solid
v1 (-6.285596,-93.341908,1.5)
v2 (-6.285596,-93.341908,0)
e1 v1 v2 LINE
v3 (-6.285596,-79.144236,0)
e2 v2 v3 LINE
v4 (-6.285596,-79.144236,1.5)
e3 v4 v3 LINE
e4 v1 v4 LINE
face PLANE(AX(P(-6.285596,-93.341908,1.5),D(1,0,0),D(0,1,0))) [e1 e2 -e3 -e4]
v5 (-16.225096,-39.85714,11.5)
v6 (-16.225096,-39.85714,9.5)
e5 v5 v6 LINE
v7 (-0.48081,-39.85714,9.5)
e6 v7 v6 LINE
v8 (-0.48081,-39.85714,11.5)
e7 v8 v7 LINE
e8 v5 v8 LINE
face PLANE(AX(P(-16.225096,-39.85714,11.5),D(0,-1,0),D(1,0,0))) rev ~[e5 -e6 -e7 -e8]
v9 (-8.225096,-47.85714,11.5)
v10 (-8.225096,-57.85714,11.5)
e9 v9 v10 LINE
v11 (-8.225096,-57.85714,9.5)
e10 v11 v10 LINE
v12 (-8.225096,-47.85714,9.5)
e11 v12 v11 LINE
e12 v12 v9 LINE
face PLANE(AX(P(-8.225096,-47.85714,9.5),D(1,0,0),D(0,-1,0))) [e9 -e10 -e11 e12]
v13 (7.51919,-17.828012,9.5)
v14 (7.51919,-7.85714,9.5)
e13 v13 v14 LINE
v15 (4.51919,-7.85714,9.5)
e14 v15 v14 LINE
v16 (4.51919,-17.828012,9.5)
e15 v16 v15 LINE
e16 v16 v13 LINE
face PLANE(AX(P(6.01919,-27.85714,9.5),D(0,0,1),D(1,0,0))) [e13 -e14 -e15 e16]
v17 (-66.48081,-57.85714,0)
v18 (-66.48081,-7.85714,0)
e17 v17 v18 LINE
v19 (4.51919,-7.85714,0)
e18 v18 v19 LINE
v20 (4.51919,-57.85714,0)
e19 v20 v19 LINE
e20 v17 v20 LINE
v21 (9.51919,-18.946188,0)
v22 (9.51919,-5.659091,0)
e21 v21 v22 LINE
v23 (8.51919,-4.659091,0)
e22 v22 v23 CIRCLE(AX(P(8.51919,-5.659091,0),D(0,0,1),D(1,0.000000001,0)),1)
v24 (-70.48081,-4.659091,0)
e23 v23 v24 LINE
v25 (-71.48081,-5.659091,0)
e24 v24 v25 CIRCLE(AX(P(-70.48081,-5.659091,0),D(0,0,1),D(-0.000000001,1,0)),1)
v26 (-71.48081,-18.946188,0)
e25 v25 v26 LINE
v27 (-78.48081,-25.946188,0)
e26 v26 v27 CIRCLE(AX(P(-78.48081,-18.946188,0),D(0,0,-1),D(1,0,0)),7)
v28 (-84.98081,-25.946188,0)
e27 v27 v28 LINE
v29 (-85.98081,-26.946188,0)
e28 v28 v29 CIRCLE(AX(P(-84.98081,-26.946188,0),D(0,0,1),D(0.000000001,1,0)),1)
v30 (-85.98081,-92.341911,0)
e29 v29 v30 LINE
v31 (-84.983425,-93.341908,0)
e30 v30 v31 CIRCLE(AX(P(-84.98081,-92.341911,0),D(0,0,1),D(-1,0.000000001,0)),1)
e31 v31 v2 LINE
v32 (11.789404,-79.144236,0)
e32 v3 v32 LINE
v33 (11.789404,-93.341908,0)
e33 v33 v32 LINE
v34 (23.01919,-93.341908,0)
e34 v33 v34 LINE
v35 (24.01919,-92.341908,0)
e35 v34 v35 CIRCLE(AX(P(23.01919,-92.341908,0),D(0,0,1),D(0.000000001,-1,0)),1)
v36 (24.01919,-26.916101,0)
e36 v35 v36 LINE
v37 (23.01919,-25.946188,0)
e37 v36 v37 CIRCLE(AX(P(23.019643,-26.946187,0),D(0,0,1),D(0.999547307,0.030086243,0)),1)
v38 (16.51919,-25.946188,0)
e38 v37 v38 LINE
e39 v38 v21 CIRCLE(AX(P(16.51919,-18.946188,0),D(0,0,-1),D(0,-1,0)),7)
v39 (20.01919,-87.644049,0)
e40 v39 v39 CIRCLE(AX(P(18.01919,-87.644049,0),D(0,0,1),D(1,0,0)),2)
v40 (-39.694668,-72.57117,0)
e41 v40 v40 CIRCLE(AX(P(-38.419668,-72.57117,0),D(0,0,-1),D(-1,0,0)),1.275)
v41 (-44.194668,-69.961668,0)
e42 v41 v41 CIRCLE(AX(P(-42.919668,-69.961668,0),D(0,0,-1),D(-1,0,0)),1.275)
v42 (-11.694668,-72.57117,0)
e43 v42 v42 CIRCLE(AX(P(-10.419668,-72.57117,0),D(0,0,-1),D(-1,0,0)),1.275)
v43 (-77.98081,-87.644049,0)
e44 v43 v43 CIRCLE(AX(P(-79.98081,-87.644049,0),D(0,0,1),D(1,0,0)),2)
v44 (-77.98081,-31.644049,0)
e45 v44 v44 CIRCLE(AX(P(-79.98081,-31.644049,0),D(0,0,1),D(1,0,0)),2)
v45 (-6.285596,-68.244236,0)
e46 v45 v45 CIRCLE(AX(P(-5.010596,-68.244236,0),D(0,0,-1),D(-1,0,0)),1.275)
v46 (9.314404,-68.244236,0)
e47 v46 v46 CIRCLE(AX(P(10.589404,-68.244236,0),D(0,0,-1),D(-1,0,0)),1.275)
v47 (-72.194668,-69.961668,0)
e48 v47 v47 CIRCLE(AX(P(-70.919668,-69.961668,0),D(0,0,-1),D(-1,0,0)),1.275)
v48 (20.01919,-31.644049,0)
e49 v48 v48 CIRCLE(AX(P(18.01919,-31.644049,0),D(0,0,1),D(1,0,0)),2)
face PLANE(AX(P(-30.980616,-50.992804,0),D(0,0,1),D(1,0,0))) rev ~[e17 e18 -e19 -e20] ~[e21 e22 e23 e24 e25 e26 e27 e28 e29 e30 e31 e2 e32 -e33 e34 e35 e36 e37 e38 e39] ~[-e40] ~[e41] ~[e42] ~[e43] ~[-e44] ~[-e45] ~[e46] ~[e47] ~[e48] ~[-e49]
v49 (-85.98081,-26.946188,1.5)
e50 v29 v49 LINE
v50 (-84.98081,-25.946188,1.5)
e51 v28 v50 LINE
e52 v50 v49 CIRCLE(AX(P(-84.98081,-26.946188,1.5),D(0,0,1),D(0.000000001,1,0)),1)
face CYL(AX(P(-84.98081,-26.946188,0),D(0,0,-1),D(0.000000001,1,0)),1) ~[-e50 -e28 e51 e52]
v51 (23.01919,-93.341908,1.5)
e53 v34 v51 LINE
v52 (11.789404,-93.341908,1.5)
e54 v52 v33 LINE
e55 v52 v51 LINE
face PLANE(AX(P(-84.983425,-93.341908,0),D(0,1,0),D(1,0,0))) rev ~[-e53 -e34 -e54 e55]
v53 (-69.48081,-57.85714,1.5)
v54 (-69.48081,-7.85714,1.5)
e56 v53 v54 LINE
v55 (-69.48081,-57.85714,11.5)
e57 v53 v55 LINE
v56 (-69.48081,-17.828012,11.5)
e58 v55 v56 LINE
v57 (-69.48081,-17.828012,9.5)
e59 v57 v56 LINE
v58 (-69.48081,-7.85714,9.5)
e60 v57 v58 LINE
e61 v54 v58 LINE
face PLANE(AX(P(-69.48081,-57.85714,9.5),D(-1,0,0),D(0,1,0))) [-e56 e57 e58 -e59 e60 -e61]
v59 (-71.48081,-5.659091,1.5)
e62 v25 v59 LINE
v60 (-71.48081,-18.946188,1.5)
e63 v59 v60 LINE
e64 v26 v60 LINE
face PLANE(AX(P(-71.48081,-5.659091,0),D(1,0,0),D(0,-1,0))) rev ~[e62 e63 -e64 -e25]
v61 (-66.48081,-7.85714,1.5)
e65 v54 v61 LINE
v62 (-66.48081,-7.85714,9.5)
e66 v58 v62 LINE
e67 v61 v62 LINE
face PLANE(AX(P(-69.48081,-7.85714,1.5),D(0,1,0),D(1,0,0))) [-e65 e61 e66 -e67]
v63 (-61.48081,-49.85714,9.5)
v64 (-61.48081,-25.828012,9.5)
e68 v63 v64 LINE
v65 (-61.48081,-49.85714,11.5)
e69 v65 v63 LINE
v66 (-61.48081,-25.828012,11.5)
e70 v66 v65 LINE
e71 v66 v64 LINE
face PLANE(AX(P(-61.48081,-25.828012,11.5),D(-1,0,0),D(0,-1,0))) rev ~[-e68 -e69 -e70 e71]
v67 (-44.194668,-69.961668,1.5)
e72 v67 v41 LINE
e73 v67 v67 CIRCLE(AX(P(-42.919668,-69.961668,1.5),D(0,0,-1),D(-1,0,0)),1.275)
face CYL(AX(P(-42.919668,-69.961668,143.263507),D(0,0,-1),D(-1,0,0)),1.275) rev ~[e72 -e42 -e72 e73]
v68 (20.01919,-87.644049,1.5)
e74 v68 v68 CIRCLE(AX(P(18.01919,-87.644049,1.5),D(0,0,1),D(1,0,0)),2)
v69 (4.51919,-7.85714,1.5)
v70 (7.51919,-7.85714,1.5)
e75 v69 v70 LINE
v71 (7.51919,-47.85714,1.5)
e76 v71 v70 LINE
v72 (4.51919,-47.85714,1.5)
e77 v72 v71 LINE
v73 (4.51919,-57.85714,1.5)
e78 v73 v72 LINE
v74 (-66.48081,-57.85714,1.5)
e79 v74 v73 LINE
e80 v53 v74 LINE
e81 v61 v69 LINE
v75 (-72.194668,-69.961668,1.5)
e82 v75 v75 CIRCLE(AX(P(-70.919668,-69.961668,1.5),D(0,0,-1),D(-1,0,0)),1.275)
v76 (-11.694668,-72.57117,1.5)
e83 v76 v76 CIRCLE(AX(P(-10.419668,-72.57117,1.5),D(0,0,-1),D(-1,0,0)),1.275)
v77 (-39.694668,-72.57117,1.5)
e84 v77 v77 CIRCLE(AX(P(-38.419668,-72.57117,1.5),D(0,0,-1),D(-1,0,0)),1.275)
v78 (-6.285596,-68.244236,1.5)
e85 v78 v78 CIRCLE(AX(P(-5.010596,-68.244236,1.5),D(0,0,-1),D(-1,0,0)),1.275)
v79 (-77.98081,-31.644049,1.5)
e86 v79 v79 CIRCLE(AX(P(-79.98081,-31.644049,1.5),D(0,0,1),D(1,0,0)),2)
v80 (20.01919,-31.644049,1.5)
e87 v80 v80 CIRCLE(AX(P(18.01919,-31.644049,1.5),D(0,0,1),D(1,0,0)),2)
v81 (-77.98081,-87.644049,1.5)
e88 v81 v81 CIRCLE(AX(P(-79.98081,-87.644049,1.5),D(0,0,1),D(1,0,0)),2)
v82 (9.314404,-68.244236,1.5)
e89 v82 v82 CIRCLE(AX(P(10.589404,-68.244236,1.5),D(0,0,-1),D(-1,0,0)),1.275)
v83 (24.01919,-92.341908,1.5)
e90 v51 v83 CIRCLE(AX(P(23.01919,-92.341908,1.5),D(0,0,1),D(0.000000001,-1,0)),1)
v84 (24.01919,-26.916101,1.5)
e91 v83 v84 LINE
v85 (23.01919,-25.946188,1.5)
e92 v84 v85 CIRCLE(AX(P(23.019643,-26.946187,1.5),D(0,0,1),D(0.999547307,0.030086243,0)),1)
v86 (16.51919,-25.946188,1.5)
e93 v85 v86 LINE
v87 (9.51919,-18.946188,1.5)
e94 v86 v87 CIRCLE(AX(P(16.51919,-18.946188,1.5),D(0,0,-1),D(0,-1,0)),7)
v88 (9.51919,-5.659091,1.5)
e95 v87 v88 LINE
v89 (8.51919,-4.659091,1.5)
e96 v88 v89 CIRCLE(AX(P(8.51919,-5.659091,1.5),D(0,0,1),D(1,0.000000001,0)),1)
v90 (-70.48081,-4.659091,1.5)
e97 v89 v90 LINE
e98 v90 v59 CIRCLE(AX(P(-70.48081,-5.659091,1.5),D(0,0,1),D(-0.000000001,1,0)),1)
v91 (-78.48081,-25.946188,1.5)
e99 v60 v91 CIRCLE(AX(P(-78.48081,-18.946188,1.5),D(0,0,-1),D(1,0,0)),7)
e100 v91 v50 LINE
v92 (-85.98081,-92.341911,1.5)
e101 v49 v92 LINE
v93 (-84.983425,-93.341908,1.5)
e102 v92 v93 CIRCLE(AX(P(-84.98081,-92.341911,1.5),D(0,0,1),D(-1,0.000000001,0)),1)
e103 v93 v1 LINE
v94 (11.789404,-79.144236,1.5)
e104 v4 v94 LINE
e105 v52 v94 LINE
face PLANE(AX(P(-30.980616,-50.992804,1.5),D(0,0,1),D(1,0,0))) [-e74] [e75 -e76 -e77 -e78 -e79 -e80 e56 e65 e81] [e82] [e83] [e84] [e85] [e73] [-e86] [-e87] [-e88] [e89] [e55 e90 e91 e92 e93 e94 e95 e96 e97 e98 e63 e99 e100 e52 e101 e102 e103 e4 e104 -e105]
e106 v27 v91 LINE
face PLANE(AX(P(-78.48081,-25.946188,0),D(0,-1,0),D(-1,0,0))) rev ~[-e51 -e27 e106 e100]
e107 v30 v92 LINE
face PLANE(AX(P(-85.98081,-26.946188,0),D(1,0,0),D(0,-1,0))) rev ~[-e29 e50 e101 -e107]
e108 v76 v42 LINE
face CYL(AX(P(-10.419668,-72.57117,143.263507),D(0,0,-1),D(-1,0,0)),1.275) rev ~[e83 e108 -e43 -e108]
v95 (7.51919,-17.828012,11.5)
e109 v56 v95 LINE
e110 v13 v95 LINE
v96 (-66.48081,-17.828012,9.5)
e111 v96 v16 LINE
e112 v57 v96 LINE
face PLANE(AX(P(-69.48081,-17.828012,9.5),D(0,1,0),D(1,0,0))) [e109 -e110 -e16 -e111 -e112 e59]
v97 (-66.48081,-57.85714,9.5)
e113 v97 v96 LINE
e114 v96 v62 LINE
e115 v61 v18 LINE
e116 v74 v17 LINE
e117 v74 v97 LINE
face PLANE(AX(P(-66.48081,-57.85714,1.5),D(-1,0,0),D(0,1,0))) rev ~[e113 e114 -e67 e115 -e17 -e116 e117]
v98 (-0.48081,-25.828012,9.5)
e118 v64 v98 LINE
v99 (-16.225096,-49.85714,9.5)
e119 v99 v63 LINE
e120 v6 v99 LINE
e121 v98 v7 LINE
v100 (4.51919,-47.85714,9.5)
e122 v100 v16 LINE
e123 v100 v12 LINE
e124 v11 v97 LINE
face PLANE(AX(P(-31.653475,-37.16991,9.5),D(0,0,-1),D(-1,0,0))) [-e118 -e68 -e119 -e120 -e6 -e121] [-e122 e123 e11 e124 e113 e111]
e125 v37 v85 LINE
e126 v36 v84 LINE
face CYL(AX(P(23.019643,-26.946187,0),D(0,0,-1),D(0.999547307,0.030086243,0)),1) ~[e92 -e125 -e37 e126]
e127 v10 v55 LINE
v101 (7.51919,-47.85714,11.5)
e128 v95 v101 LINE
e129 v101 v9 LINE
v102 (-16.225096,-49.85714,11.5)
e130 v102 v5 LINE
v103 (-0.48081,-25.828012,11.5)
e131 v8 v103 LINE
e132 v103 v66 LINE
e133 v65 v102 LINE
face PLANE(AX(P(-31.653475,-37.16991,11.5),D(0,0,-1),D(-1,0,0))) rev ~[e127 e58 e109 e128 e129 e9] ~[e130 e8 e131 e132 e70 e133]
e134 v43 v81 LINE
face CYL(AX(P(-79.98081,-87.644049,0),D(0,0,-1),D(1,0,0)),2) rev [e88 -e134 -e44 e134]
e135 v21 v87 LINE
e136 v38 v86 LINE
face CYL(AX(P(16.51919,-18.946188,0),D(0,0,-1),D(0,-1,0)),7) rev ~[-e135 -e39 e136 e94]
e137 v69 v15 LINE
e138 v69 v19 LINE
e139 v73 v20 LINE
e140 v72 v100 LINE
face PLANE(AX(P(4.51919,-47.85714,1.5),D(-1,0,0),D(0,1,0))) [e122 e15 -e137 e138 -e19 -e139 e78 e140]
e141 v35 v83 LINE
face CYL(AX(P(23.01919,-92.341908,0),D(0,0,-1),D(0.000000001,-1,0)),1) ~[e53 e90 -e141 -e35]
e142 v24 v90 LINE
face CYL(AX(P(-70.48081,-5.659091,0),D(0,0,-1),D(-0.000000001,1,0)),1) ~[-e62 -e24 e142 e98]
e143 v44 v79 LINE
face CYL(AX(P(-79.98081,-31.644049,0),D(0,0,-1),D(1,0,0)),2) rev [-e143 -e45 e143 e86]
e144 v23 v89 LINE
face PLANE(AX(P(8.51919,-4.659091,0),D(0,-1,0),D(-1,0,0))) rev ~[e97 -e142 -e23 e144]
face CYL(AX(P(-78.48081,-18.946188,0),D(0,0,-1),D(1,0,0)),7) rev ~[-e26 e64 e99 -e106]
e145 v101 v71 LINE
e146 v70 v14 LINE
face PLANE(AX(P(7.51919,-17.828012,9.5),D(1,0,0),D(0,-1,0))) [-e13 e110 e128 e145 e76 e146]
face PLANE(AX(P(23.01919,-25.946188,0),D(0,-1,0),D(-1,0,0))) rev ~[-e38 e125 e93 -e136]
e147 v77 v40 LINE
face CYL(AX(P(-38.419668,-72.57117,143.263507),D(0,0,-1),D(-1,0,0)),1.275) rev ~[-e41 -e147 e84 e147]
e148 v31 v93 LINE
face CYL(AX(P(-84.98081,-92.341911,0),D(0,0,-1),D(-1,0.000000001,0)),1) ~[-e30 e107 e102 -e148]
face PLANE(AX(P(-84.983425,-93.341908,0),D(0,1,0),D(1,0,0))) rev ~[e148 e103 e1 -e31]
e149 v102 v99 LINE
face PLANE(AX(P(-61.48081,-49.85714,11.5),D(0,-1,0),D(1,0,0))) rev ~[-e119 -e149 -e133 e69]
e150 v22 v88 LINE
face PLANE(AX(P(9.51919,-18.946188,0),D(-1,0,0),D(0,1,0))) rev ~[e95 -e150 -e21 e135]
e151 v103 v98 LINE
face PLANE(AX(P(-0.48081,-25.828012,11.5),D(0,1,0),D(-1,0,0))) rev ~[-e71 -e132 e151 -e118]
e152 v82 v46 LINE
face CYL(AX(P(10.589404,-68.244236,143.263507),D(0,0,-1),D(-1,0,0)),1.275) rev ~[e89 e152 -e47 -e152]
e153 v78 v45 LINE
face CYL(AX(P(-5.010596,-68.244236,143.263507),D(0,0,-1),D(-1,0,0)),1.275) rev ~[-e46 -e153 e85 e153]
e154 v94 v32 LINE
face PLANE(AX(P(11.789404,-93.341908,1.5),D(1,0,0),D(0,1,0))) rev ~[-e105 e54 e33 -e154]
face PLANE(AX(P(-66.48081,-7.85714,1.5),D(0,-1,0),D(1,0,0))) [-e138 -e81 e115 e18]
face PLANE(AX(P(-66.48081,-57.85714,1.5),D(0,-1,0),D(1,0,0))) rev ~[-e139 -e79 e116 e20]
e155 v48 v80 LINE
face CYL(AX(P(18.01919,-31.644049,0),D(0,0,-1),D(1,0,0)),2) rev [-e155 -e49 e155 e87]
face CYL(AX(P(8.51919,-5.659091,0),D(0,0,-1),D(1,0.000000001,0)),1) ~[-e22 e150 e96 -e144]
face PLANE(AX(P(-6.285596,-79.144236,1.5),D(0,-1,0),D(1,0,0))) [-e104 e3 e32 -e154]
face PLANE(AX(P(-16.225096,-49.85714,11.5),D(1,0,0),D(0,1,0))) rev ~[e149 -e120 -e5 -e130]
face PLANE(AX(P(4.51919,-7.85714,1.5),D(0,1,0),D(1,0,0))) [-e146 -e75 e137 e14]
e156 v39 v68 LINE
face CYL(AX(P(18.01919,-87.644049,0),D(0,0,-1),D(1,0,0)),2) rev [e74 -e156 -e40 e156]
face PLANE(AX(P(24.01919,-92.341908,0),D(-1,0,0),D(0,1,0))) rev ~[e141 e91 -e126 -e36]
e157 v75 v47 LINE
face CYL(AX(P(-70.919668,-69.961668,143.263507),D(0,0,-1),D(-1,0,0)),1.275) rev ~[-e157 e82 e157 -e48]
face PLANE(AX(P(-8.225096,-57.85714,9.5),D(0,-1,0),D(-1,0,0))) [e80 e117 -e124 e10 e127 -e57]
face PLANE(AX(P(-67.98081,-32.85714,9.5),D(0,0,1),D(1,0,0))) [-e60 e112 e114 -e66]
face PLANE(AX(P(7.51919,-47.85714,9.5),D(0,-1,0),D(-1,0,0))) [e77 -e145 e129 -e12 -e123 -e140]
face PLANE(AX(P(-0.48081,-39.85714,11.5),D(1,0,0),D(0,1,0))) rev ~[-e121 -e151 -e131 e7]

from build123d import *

# Parameters (mm, degrees)
SKETCH_1_R           = 2
EXTRUDE_1_DEPTH      = 1.5
SKETCH_2_W           = 3
SKETCH_2_H           = 50
SKETCH_2_H_2         = 40
EXTRUDE_3_DEPTH      = 8
EXTRUDE_4_DEPTH      = 2
SKETCH_4_W           = 71.000000198
SKETCH_4_H           = 50
CUT_EXTRUDE_1_DEPTH  = 128.300477144
CUT_EXTRUDE_3_DEPTH  = 128.427082997
HOLE_WIZARD_M2_5_1_D = 2.55
SKETCH_11_W          = 18.075
SKETCH_11_H          = 14.197672296
CUT_EXTRUDE_4_DEPTH  = 128.300477144


with BuildPart() as part:
    # 草圖1 → 填料-伸長1 (new body)
    with BuildSketch(Plane.XY):
        with BuildLine():
            Line((-78.58357781, -93.341907955), (16.519190028, -93.341907955))
            Line((16.519190028, -93.341907955), (23.019189929, -93.341907955))
            ThreePointArc((23.019189929, -93.341907955), (23.72629671, -93.049014736), (24.019189929, -92.341907955))
            Line((24.019189929, -92.341907955), (24.019189929, -26.916101175))
            ThreePointArc((24.019189929, -26.916101175), (23.715868617, -26.228364762), (23.019189929, -25.946187519))
            Line((23.019189929, -25.946187519), (16.519190028, -25.946187519))
            ThreePointArc((16.519190028, -25.946187519), (11.569442559, -23.895934988), (9.519190028, -18.946187519))
            Line((9.519190028, -18.946187519), (9.519190028, -5.659090909))
            ThreePointArc((9.519190028, -5.659090909), (9.226296809, -4.951984128), (8.519190028, -4.659090909))
            Line((8.519190028, -4.659090909), (-70.48081017, -4.659090909))
            ThreePointArc((-70.48081017, -4.659090909), (-71.187916951, -4.951984128), (-71.48081017, -5.659090909))
            Line((-71.48081017, -5.659090909), (-71.48081017, -18.946187519))
            ThreePointArc((-71.48081017, -18.946187519), (-73.531062702, -23.895934988), (-78.48081017, -25.946187519))
            Line((-78.48081017, -25.946187519), (-84.980810071, -25.946187519))
            ThreePointArc((-84.980810071, -25.946187519), (-85.687916853, -26.239080738), (-85.980810071, -26.946187519))
            Line((-85.980810071, -26.946187519), (-85.980810071, -92.341911374))
            ThreePointArc((-85.980810071, -92.341911374), (-85.688840793, -93.048093006), (-84.983425077, -93.341907955))
            Line((-84.983425077, -93.341907955), (-78.58357781, -93.341907955))
        make_face()
        with Locations((-79.980810071, -31.644049447)):
            Circle(SKETCH_1_R, mode=Mode.SUBTRACT)
        with Locations((18.019189929, -31.644049447)):
            Circle(SKETCH_1_R, mode=Mode.SUBTRACT)
        with Locations((18.019189929, -87.644049447)):
            Circle(SKETCH_1_R, mode=Mode.SUBTRACT)
        with Locations((-79.980810071, -87.644049447)):
            Circle(SKETCH_1_R, mode=Mode.SUBTRACT)
    extrude(amount=EXTRUDE_1_DEPTH)

    # 草圖2 → 填料-伸長3 (add)
    with BuildSketch(Plane.XY.offset(1.5)):
        with Locations((-67.98081017, -32.85713984)):
            Rectangle(SKETCH_2_W, SKETCH_2_H)
        with Locations((6.019190028, -27.85713984)):
            Rectangle(SKETCH_2_W, SKETCH_2_H_2)
    extrude(amount=EXTRUDE_3_DEPTH)

    # 草圖3 → 填料-伸長4 (add)
    with BuildSketch(Plane.XY.offset(9.5)):
        Polygon((-69.48081017, -17.828011501), (7.519190028, -17.828011501), (7.519190028, -47.85713984), (-8.225095928, -47.85713984), (-8.225095928, -57.85713984), (-69.48081017, -57.85713984), align=None)
    extrude(amount=EXTRUDE_4_DEPTH)

    # 草圖4 → 除料-伸長1 (cut, through all)
    with BuildSketch(Plane.XY.offset(1.5)):
        with Locations((-30.980810071, -32.85713984)):
            Rectangle(SKETCH_4_W, SKETCH_4_H)
    extrude(amount=-CUT_EXTRUDE_1_DEPTH, mode=Mode.SUBTRACT)

    # 草圖7 → 除料-伸長3 (cut, through all)
    with BuildSketch(Plane.XY.offset(11.5)):
        Polygon((-16.225095928, -49.85713984), (-16.225095928, -39.85713984), (-0.480809972, -39.85713984), (-0.480809972, -25.828011501), (-61.48081017, -25.828011501), (-61.48081017, -49.85713984), align=None)
    extrude(amount=-CUT_EXTRUDE_3_DEPTH, mode=Mode.SUBTRACT)

    # M2.5 螺旋的螺孔鑽1 (through all)
    with Locations(Plane.XY.offset(1.5)):
        with Locations((10.589404461, -68.244235659), (-5.010595539, -68.244235659), (-10.419668394, -72.571170345), (-38.419668394, -72.571170345), (-42.919668394, -69.961668418), (-70.919668394, -69.961668418)):
            Hole(HOLE_WIZARD_M2_5_1_D / 2)

    # 草圖11 → 除料-伸長4 (cut, through all)
    with BuildSketch(Plane.XY.offset(1.5)):
        with Locations((2.751904461, -86.243071807)):
            Rectangle(SKETCH_11_W, SKETCH_11_H)
    extrude(amount=-CUT_EXTRUDE_4_DEPTH, mode=Mode.SUBTRACT)


solid = part.part
